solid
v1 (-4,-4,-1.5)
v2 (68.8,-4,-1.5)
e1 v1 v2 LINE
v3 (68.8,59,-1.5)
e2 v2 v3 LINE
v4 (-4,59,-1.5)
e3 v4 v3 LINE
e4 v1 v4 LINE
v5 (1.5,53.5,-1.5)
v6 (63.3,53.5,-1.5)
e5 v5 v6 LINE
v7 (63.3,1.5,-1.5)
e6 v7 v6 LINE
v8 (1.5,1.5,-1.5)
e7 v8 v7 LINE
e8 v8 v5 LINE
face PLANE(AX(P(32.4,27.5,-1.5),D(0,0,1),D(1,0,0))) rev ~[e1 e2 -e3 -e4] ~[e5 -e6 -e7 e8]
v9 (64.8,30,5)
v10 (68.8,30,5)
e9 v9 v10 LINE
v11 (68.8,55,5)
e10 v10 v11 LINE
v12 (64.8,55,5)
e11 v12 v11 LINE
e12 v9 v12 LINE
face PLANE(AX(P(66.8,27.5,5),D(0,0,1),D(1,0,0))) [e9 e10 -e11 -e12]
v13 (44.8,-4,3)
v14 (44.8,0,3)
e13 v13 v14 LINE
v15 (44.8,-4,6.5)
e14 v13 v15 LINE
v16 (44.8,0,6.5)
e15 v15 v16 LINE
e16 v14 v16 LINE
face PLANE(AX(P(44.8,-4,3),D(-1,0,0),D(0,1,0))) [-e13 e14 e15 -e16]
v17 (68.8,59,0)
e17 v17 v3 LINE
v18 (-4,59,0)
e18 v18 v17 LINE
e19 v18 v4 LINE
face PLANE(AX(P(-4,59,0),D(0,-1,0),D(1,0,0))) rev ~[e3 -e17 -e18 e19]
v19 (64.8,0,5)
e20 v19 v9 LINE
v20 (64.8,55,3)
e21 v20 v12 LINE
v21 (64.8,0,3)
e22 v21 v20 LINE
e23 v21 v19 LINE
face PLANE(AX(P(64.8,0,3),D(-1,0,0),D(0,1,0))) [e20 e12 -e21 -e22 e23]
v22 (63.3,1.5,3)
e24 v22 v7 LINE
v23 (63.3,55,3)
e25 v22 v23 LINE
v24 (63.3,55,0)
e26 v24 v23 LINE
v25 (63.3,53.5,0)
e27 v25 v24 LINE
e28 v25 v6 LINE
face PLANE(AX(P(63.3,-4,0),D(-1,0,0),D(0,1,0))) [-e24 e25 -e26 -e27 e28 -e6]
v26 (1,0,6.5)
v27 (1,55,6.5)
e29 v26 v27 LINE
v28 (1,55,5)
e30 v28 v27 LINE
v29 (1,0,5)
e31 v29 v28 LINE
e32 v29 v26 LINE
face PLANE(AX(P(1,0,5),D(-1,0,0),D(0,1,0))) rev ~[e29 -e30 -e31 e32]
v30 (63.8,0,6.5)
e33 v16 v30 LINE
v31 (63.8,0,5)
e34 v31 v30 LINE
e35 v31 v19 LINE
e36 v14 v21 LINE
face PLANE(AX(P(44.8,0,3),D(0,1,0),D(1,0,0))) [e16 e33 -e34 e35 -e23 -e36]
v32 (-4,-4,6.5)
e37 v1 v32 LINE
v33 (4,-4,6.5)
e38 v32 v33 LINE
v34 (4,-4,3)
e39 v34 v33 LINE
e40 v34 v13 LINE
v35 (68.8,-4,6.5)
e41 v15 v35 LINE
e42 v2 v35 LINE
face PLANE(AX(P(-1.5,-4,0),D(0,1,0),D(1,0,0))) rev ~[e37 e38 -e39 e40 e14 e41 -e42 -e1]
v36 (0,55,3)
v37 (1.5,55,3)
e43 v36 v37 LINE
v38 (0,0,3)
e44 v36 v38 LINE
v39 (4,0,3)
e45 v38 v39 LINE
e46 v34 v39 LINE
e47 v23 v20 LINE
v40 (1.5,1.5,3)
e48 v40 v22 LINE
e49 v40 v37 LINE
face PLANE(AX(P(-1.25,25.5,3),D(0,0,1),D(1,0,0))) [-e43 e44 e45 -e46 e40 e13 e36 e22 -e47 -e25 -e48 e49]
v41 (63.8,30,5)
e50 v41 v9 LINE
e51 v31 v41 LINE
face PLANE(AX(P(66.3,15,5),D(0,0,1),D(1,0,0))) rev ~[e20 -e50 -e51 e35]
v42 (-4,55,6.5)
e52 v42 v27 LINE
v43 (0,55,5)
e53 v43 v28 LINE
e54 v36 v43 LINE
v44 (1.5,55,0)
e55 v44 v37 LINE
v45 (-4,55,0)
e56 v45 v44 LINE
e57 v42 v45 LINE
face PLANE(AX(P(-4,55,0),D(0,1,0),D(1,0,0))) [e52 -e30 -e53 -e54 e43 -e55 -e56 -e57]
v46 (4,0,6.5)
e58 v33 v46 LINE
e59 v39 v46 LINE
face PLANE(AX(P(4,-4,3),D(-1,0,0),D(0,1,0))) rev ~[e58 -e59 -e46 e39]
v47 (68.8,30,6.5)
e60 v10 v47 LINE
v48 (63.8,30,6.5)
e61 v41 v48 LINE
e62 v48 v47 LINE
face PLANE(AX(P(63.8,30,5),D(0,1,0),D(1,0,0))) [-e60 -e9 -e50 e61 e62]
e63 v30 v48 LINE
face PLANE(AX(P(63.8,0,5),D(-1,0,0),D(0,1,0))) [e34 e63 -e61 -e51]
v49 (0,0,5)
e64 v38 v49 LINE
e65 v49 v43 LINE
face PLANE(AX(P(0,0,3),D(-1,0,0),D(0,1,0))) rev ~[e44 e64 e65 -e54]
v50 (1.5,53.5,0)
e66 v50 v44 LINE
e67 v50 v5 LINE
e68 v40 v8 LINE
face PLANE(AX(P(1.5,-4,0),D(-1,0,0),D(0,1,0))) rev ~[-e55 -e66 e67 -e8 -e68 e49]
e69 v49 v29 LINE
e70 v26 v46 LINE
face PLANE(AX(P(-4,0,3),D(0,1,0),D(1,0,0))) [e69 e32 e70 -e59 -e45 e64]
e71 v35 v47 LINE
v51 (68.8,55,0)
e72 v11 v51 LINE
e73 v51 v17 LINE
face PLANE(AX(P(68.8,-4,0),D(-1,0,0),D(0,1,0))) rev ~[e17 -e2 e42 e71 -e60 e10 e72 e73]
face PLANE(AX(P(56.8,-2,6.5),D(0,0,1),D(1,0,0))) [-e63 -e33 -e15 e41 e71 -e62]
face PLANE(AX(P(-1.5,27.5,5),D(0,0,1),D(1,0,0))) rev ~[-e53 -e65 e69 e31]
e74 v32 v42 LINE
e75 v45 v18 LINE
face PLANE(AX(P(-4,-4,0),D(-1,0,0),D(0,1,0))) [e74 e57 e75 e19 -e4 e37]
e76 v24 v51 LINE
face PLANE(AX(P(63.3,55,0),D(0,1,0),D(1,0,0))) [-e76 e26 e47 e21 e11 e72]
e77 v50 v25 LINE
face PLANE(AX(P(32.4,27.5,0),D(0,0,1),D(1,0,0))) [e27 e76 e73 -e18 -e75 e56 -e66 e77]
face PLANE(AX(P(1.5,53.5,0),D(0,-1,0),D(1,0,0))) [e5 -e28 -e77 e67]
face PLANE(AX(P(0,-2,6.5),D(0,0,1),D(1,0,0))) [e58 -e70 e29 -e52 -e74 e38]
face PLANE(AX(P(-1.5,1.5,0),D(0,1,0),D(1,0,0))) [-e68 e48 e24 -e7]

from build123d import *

# Parameters (mm, degrees)
BOX004_W      = 4
BOX004_H      = 55
BOX004_DEPTH  = 2
BOX005_W      = 4
BOX005_H      = 55
BOX005_DEPTH  = 2
BOX006_W      = 5
BOX006_H      = 30
BOX006_DEPTH  = 1.5
BOX007_W      = 24
BOX007_H      = 4
BOX007_DEPTH  = 3.5
BOX010_W      = 8
BOX010_H      = 4
BOX010_DEPTH  = 3.5
BOX003_W      = 5
BOX003_H      = 55
BOX003_DEPTH  = 1.5
BOX011_W      = 5.5
BOX011_H      = 59
BOX011_DEPTH  = 3
BOX012_W      = 5.5
BOX012_H      = 59
BOX012_DEPTH  = 3
BOX013_W      = 68.8
BOX013_H      = 5.5
BOX013_DEPTH  = 3
SKETCH003_W   = 72.8
SKETCH003_H   = 63
SKETCH003_W_2 = 61.8
SKETCH003_H_2 = 52
PAD003_DEPTH  = 1.5


with BuildPart() as middle_pad:
    # Box004 → Box004 (new body)
    with BuildSketch(Plane(origin=(-4, 0, 0), x_dir=(1, 0, 0), z_dir=(0, 0, 1))):
        with Locations((2, 27.5)):
            Rectangle(BOX004_W, BOX004_H)
    extrude(amount=BOX004_DEPTH)


with BuildPart() as middle_pad001:
    # Box005 → Box005 (new body)
    with BuildSketch(Plane(origin=(64.8, 0, 0), x_dir=(1, 0, 0), z_dir=(0, 0, 1))):
        with Locations((2, 27.5)):
            Rectangle(BOX005_W, BOX005_H)
    extrude(amount=BOX005_DEPTH)


with BuildPart() as top_cover001:
    # Box006 → Box006 (new body)
    with BuildSketch(Plane(origin=(63.8, 0, 2), x_dir=(1, 0, 0), z_dir=(0, 0, 1))):
        with Locations((2.5, 15)):
            Rectangle(BOX006_W, BOX006_H)
    extrude(amount=BOX006_DEPTH)


with BuildPart() as middle_pad002:
    # Box007 → Box007 (new body)
    with BuildSketch(Plane(origin=(44.8, -4, 0), x_dir=(1, 0, 0), z_dir=(0, 0, 1))):
        with Locations((12, 2)):
            Rectangle(BOX007_W, BOX007_H)
    extrude(amount=BOX007_DEPTH)


with BuildPart() as side_pad:
    # Box010 → Box010 (new body)
    with BuildSketch(Plane(origin=(-4, -4, 0), x_dir=(1, 0, 0), z_dir=(0, 0, 1))):
        with Locations((4, 2)):
            Rectangle(BOX010_W, BOX010_H)
    extrude(amount=BOX010_DEPTH)


with BuildPart() as fusion002:
    # Box003 → Box003 (new body)
    with BuildSketch(Plane(origin=(-4, 0, 2), x_dir=(1, 0, 0), z_dir=(0, 0, 1))):
        with Locations((2.5, 27.5)):
            Rectangle(BOX003_W, BOX003_H)
    extrude(amount=BOX003_DEPTH)

    # Fusion002: union middle_pad, middle_pad001, top cover001, middle_pad002, side_pad
    add(middle_pad.part)
    add(middle_pad001.part)
    add(top_cover001.part)
    add(middle_pad002.part)
    add(side_pad.part)


with BuildPart() as fusion002_1:
    # Fusion002 placement: moved
    add(fusion002.part.moved(Location((0, 0, 3))))


with BuildPart() as cube003:
    # Box011 → Box011 (new body)
    with BuildSketch(Plane(origin=(-4, -4, 0), x_dir=(1, 0, 0), z_dir=(0, 0, 1))):
        with Locations((2.75, 29.5)):
            Rectangle(BOX011_W, BOX011_H)
    extrude(amount=BOX011_DEPTH)


with BuildPart() as cube004:
    # Box012 → Box012 (new body)
    with BuildSketch(Plane(origin=(63.3, -4, 0), x_dir=(1, 0, 0), z_dir=(0, 0, 1))):
        with Locations((2.75, 29.5)):
            Rectangle(BOX012_W, BOX012_H)
    extrude(amount=BOX012_DEPTH)


with BuildPart() as cube005:
    # Box013 → Box013 (new body)
    with BuildSketch(Plane(origin=(-1.5, -4, 0), x_dir=(1, 0, 0), z_dir=(0, 0, 1))):
        with Locations((34.4, 2.75)):
            Rectangle(BOX013_W, BOX013_H)
    extrude(amount=BOX013_DEPTH)


with BuildPart() as fusion001:
    # Sketch003 → Pad003 (new body)
    with BuildSketch(Plane.XY):
        with Locations((32.4, 27.5)):
            Rectangle(SKETCH003_W, SKETCH003_H)
        with Locations((32.4, 27.5)):
            Rectangle(SKETCH003_W_2, SKETCH003_H_2, mode=Mode.SUBTRACT)
    extrude(amount=-PAD003_DEPTH)

    # Fusion001: union Fusion002, Cube003, Cube004, Cube005
    add(fusion002_1.part)
    add(cube003.part)
    add(cube004.part)
    add(cube005.part)


solid = fusion001.part
